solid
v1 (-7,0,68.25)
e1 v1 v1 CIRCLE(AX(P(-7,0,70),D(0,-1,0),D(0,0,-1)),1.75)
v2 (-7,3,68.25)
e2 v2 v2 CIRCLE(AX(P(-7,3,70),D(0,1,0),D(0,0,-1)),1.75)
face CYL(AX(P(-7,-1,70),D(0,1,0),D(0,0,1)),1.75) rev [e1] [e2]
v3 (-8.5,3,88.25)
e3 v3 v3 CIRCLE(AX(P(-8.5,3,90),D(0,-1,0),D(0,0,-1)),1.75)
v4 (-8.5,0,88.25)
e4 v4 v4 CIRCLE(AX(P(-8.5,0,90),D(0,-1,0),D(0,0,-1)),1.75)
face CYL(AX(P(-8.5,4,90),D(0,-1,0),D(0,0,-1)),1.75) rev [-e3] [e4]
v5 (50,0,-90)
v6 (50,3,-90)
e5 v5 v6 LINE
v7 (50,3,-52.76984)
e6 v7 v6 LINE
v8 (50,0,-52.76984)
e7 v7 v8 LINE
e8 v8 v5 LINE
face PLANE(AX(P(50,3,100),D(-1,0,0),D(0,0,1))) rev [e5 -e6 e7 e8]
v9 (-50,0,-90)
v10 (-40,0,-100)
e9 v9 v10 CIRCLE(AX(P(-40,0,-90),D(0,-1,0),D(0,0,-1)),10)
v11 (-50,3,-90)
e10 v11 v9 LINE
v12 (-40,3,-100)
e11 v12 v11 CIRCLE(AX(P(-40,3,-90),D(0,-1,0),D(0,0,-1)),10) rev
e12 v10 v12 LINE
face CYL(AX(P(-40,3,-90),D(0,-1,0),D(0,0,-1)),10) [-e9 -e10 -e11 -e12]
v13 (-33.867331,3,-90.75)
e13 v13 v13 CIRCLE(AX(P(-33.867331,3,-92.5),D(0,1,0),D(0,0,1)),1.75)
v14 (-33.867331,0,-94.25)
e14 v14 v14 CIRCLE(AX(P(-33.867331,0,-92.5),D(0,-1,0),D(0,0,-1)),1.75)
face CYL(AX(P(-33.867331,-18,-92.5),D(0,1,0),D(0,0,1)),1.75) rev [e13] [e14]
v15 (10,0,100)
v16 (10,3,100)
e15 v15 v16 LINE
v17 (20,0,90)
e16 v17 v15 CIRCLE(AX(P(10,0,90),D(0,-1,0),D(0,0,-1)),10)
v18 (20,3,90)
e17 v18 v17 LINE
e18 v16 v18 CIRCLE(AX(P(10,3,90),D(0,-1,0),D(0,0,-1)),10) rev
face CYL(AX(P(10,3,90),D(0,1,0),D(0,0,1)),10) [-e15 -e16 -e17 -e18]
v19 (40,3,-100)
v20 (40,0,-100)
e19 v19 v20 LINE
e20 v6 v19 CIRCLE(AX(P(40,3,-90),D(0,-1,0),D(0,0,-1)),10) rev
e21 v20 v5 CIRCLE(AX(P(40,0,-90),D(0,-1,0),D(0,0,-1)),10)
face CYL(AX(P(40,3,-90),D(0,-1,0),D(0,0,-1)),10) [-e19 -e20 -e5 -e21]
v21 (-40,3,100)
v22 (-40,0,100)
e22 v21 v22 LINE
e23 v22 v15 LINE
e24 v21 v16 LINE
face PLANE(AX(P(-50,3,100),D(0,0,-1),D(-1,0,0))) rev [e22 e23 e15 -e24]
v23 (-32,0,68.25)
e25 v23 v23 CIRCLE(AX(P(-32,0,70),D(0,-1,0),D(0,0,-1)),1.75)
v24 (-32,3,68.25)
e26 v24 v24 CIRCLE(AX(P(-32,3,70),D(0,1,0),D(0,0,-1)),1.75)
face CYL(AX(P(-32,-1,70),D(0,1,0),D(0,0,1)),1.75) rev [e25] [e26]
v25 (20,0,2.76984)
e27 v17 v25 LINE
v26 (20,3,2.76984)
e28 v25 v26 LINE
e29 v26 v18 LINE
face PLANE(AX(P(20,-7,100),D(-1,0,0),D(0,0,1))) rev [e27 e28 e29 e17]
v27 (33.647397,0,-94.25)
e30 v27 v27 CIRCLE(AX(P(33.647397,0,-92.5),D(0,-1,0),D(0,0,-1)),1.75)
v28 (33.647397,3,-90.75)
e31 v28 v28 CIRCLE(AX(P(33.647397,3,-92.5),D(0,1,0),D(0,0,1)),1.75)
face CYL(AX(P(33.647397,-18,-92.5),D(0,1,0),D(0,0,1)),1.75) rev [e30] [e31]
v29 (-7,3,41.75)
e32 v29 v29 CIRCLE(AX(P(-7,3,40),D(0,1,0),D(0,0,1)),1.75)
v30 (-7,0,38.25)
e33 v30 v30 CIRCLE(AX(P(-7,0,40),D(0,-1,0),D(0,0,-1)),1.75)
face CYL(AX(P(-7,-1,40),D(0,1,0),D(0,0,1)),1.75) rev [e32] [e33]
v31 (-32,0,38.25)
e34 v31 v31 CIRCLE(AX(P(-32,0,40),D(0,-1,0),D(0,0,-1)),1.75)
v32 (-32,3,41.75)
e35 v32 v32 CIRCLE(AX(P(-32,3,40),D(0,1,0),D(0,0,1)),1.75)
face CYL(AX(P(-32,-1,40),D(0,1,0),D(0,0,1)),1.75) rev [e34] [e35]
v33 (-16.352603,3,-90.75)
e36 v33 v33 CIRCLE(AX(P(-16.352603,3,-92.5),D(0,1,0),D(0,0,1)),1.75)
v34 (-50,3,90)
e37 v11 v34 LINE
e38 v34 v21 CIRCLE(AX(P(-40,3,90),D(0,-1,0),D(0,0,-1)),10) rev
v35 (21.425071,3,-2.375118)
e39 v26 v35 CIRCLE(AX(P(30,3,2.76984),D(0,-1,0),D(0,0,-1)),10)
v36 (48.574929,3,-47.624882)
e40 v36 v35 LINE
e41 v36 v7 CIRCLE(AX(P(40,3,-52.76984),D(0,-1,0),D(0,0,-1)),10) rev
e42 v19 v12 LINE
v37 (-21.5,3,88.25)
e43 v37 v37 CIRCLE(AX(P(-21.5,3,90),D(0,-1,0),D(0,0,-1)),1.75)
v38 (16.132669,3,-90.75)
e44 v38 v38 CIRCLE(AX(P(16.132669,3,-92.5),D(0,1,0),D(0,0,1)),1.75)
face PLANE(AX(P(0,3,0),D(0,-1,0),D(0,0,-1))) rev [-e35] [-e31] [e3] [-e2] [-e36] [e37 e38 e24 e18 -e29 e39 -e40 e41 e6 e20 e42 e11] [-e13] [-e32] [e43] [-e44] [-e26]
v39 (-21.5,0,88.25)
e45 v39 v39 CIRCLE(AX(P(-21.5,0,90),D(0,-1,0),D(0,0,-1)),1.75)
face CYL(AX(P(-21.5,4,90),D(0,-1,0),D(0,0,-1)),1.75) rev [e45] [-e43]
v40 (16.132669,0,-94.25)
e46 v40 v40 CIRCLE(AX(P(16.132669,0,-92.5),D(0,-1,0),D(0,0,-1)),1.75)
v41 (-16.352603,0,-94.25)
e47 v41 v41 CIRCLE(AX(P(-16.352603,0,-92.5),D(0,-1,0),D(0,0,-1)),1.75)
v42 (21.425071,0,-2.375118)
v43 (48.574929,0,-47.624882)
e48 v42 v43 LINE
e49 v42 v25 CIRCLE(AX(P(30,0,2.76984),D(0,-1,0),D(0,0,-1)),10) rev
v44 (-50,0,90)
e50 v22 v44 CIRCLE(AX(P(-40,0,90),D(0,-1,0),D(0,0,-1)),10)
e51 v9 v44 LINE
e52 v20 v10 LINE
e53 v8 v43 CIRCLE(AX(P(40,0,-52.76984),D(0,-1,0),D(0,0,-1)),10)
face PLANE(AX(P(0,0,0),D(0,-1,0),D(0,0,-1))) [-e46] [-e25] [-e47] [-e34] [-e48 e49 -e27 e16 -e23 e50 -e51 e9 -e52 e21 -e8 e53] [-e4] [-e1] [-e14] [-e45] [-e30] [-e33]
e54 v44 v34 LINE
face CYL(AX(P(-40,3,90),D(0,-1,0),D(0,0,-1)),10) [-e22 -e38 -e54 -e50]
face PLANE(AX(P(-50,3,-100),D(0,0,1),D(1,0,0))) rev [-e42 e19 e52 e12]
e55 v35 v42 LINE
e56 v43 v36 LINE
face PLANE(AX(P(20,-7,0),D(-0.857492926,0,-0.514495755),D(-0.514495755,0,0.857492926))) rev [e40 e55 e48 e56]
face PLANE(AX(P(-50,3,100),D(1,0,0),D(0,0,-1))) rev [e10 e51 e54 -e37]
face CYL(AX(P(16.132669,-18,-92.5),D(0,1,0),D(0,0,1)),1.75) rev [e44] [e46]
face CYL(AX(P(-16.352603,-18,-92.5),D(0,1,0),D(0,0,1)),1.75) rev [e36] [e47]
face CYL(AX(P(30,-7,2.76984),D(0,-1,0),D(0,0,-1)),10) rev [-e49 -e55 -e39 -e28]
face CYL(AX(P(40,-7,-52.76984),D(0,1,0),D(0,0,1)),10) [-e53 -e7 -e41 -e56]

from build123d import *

# Parameters (mm, degrees)
SKETCH_1_W          = 100
SKETCH_1_H          = 200
EXTRUDE_1_DEPTH     = 3
CUT_EXTRUDE_1_DEPTH = 10
FILLET_2_R          = 10
SKETCH_4_R          = 1.75
CUT_EXTRUDE_2_DEPTH = 21
SKETCH_5_R          = 1.75
CUT_EXTRUDE_3_DEPTH = 4
SKETCH_7_R          = 1.75
CUT_EXTRUDE_4_DEPTH = 4


with BuildPart() as part:
    # 草图1 → 凸台-拉伸1 (new body)
    with BuildSketch(Plane(origin=(0, 0, 0), x_dir=(1, 0, 0), z_dir=(0, 1, 0))):
        Rectangle(SKETCH_1_W, SKETCH_1_H)
    extrude(amount=EXTRUDE_1_DEPTH)

    # 草图3 → 切除-拉伸1 (cut)
    with BuildSketch(Plane(origin=(0, 3, 0), x_dir=(1, 0, 0), z_dir=(0, 1, 0))):
        Polygon((20, -100), (20, 0), (50, 50), (50, -100), align=None)
    extrude(amount=-CUT_EXTRUDE_1_DEPTH, mode=Mode.SUBTRACT)

    # 圆角2
    fillet_2_edges = [part.edges().sort_by_distance(p)[0] for p in [
        (20, 1.5, 100),
        (20, 1.5, 0),
        (50, 1.5, -50),
        (-50, 1.5, 100),
        (-50, 1.5, -100),
        (50, 1.5, -100),
    ]]
    fillet(fillet_2_edges, radius=FILLET_2_R)

    # 草图4 → 切除-拉伸2 (cut)
    with BuildSketch(Plane(origin=(0, 3, 0), x_dir=(1, 0, 0), z_dir=(0, 1, 0))):
        with Locations(Location((33.647397187, 92.5, 0), (0, 0, 270))):
            Circle(SKETCH_4_R)
        with Locations(Location((16.132669012, 92.5, 0), (0, 0, 270))):
            Circle(SKETCH_4_R)
        with Locations(Location((-33.867330988, 92.5, 0), (0, 0, 270))):
            Circle(SKETCH_4_R)
        with Locations(Location((-16.352602813, 92.5, 0), (0, 0, 270))):
            Circle(SKETCH_4_R)
    extrude(amount=-CUT_EXTRUDE_2_DEPTH, mode=Mode.SUBTRACT)

    # 草图5 → 切除-拉伸3 (cut)
    with BuildSketch(Plane.XZ):
        with Locations(Location((-8.5, 90, 0), (0, 0, 270))):
            Circle(SKETCH_5_R)
        with Locations(Location((-21.5, 90, 0), (0, 0, 270))):
            Circle(SKETCH_5_R)
    extrude(amount=-CUT_EXTRUDE_3_DEPTH, mode=Mode.SUBTRACT)

    # 草图7 → 切除-拉伸4 (cut)
    with BuildSketch(Plane(origin=(0, 3, 0), x_dir=(1, 0, 0), z_dir=(0, 1, 0))):
        with Locations(Location((-32, -40, 0), (0, 0, 270))):
            Circle(SKETCH_7_R)
        with Locations(Location((-7, -40, 0), (0, 0, 270))):
            Circle(SKETCH_7_R)
        with Locations(Location((-7, -70, 0), (0, 0, 90))):
            Circle(SKETCH_7_R)
        with Locations(Location((-32, -70, 0), (0, 0, 90))):
            Circle(SKETCH_7_R)
    extrude(amount=-CUT_EXTRUDE_4_DEPTH, mode=Mode.SUBTRACT)


solid = part.part
